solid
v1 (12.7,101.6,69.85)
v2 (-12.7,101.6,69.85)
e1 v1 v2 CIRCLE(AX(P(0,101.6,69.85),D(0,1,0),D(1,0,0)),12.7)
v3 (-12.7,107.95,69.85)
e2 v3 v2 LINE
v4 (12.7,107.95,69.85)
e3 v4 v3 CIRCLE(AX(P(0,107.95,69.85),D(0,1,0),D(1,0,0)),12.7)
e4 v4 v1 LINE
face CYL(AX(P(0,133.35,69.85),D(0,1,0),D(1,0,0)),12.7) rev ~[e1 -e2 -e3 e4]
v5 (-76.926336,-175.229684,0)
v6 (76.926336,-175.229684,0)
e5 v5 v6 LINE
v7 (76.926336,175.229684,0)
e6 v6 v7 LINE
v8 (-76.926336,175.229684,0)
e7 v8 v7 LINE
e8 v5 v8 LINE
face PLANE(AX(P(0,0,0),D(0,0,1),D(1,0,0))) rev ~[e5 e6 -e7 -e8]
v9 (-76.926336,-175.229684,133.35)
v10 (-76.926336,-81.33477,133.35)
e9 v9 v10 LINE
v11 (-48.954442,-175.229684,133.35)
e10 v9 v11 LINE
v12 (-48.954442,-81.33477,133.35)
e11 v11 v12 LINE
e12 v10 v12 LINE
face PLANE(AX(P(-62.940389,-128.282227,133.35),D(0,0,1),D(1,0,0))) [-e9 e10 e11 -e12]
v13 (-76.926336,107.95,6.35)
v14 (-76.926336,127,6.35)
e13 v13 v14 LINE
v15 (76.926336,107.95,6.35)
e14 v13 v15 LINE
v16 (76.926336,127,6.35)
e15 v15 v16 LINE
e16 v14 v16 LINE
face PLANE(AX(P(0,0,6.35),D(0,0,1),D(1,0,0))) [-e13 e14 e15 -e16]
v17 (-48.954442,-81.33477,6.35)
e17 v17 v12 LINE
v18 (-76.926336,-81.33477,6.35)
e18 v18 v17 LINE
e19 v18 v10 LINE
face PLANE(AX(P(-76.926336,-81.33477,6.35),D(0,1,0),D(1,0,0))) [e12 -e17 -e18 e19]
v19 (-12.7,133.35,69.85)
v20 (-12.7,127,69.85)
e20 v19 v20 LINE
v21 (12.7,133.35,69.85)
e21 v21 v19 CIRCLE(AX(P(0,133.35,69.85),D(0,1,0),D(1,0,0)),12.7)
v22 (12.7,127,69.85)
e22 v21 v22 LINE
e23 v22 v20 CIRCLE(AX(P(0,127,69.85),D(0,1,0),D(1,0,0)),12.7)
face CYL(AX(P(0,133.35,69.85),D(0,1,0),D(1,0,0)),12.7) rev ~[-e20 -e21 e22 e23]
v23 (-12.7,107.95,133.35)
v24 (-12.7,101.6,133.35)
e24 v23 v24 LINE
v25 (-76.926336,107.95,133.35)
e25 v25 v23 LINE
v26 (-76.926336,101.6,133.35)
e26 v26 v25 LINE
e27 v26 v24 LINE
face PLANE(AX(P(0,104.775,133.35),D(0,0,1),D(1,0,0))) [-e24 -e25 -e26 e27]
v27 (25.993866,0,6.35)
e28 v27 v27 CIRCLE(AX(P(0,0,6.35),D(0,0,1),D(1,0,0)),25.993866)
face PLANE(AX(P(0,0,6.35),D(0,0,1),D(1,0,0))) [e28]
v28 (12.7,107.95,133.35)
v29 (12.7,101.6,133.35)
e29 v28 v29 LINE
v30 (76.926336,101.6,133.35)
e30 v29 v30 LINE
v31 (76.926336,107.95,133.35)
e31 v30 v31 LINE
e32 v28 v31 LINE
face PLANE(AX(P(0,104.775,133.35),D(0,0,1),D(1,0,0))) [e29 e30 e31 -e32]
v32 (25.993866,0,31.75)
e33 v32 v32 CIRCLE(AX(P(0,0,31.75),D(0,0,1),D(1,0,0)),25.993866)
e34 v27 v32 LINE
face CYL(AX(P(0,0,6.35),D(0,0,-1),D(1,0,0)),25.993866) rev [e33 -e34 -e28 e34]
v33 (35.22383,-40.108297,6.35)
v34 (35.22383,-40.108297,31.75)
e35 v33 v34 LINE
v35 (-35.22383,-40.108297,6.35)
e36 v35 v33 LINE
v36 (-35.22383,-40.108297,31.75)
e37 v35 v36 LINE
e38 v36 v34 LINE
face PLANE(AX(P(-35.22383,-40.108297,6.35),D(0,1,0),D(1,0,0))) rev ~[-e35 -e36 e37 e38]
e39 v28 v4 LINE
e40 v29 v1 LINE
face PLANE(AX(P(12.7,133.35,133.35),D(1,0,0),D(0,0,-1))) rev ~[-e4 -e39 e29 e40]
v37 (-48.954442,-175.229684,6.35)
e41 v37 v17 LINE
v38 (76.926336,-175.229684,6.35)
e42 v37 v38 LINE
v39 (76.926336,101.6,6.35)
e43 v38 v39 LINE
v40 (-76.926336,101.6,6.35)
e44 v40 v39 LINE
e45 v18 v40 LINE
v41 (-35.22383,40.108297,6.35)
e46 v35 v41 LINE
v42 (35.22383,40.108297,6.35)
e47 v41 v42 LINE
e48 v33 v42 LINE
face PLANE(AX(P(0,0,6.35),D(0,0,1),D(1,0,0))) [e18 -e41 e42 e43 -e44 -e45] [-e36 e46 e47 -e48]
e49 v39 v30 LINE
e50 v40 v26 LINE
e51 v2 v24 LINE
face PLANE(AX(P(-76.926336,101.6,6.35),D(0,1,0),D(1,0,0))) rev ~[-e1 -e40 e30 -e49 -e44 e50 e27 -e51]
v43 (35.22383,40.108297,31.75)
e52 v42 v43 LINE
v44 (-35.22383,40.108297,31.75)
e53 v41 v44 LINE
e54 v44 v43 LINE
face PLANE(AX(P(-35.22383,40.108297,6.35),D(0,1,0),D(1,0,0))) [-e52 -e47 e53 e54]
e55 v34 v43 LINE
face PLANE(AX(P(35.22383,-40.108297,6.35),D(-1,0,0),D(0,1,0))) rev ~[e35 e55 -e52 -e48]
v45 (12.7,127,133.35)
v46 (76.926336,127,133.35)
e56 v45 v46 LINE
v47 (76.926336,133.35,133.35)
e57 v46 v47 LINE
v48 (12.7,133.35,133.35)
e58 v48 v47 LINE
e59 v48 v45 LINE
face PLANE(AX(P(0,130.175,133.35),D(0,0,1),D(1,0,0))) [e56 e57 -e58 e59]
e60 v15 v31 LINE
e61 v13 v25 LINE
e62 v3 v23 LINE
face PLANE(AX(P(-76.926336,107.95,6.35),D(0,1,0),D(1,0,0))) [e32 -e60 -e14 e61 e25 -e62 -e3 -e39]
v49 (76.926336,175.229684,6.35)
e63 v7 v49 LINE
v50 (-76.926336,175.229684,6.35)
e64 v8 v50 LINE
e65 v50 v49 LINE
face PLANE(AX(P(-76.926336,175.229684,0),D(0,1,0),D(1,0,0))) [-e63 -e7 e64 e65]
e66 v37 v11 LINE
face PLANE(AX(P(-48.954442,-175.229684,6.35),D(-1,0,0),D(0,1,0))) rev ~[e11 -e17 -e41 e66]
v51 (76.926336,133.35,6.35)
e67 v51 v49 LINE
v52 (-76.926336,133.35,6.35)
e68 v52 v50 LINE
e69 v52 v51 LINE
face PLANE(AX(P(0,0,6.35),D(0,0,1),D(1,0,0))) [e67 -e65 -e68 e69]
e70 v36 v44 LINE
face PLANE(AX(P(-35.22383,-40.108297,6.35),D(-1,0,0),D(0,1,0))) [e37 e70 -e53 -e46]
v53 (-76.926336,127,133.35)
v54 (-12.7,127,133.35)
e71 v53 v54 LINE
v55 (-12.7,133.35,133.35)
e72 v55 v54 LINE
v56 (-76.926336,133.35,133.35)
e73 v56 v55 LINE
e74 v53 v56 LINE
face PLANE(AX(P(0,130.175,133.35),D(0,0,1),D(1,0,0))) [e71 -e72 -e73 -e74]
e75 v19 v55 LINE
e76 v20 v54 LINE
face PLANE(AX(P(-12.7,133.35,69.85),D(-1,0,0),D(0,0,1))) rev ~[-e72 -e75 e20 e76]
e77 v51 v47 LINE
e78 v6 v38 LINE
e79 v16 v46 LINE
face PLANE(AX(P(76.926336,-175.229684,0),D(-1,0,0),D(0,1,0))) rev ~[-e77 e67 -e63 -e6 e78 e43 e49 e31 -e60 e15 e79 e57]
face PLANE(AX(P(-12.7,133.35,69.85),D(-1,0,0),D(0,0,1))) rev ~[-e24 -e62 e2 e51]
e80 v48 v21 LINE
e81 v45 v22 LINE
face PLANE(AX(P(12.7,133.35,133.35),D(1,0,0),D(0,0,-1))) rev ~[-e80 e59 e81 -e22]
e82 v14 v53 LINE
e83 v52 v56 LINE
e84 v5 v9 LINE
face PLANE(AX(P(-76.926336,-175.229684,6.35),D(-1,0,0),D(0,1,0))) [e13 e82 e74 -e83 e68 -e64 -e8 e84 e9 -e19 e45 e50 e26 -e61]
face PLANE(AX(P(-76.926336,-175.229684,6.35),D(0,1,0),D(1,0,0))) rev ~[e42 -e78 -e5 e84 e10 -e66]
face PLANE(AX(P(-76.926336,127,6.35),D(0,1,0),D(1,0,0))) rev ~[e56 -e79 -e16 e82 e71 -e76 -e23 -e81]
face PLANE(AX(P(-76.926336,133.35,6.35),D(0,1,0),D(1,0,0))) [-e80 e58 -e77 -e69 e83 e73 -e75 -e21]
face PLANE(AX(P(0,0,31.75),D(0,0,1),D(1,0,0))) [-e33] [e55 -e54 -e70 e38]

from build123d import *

# Parameters (mm, degrees)
F0_W      = 153.852672
F0_H      = 350.459368
F1_DEPTH  = 6.35
F2_W      = 153.852672
F2_H      = 6.35
F3_DEPTH  = 127
F4_W      = 153.852672
F4_H      = 6.35
F5_DEPTH  = 127
F7_DEPTH  = 96.774
F8_W      = 70.44766
F8_H      = 80.216594
F8_R      = 25.993866
F9_DEPTH  = 25.4
F10_W     = 27.971894
F10_H     = 93.894914
F11_DEPTH = 127


with BuildPart() as f1:
    # F0 (on Top) → F1 (new body)
    with BuildSketch(Plane.XY):
        Rectangle(F0_W, F0_H)
    extrude(amount=F1_DEPTH)

    # F2 (on face) → F3 (join)
    with BuildSketch(Plane.XY.offset(6.35)):
        with Locations((0, 130.175)):
            Rectangle(F2_W, F2_H)
    extrude(amount=F3_DEPTH)

    # F4 (on face) → F5 (join)
    with BuildSketch(Plane.XY.offset(6.35)):
        with Locations((0, 104.775)):
            Rectangle(F4_W, F4_H)
    extrude(amount=F5_DEPTH)

    # F6 (on face) → F7 (cut)
    with BuildSketch(Plane(origin=(0, 133.35, 0), x_dir=(-1, 0, 0), z_dir=(0, 1, 0))):
        with BuildLine():
            Line((12.7, 133.35), (0, 133.35))
            Line((0, 133.35), (-12.7, 133.35))
            Line((-12.7, 133.35), (-12.7, 69.85))
            ThreePointArc((-12.7, 69.85), (0, 57.15), (12.7, 69.85))
            Line((12.7, 69.85), (12.7, 133.35))
        make_face()
    extrude(amount=-F7_DEPTH, mode=Mode.SUBTRACT)

    # F8 (on face) → F9 (join)
    with BuildSketch(Plane.XY.offset(6.35)):
        Rectangle(F8_W, F8_H)
        Circle(F8_R, mode=Mode.SUBTRACT)
    extrude(amount=F9_DEPTH)

    # F10 (on face) → F11 (join)
    with BuildSketch(Plane.XY.offset(6.35)):
        with Locations((-62.940389, -128.282227)):
            Rectangle(F10_W, F10_H)
    extrude(amount=F11_DEPTH)


solid = f1.part
